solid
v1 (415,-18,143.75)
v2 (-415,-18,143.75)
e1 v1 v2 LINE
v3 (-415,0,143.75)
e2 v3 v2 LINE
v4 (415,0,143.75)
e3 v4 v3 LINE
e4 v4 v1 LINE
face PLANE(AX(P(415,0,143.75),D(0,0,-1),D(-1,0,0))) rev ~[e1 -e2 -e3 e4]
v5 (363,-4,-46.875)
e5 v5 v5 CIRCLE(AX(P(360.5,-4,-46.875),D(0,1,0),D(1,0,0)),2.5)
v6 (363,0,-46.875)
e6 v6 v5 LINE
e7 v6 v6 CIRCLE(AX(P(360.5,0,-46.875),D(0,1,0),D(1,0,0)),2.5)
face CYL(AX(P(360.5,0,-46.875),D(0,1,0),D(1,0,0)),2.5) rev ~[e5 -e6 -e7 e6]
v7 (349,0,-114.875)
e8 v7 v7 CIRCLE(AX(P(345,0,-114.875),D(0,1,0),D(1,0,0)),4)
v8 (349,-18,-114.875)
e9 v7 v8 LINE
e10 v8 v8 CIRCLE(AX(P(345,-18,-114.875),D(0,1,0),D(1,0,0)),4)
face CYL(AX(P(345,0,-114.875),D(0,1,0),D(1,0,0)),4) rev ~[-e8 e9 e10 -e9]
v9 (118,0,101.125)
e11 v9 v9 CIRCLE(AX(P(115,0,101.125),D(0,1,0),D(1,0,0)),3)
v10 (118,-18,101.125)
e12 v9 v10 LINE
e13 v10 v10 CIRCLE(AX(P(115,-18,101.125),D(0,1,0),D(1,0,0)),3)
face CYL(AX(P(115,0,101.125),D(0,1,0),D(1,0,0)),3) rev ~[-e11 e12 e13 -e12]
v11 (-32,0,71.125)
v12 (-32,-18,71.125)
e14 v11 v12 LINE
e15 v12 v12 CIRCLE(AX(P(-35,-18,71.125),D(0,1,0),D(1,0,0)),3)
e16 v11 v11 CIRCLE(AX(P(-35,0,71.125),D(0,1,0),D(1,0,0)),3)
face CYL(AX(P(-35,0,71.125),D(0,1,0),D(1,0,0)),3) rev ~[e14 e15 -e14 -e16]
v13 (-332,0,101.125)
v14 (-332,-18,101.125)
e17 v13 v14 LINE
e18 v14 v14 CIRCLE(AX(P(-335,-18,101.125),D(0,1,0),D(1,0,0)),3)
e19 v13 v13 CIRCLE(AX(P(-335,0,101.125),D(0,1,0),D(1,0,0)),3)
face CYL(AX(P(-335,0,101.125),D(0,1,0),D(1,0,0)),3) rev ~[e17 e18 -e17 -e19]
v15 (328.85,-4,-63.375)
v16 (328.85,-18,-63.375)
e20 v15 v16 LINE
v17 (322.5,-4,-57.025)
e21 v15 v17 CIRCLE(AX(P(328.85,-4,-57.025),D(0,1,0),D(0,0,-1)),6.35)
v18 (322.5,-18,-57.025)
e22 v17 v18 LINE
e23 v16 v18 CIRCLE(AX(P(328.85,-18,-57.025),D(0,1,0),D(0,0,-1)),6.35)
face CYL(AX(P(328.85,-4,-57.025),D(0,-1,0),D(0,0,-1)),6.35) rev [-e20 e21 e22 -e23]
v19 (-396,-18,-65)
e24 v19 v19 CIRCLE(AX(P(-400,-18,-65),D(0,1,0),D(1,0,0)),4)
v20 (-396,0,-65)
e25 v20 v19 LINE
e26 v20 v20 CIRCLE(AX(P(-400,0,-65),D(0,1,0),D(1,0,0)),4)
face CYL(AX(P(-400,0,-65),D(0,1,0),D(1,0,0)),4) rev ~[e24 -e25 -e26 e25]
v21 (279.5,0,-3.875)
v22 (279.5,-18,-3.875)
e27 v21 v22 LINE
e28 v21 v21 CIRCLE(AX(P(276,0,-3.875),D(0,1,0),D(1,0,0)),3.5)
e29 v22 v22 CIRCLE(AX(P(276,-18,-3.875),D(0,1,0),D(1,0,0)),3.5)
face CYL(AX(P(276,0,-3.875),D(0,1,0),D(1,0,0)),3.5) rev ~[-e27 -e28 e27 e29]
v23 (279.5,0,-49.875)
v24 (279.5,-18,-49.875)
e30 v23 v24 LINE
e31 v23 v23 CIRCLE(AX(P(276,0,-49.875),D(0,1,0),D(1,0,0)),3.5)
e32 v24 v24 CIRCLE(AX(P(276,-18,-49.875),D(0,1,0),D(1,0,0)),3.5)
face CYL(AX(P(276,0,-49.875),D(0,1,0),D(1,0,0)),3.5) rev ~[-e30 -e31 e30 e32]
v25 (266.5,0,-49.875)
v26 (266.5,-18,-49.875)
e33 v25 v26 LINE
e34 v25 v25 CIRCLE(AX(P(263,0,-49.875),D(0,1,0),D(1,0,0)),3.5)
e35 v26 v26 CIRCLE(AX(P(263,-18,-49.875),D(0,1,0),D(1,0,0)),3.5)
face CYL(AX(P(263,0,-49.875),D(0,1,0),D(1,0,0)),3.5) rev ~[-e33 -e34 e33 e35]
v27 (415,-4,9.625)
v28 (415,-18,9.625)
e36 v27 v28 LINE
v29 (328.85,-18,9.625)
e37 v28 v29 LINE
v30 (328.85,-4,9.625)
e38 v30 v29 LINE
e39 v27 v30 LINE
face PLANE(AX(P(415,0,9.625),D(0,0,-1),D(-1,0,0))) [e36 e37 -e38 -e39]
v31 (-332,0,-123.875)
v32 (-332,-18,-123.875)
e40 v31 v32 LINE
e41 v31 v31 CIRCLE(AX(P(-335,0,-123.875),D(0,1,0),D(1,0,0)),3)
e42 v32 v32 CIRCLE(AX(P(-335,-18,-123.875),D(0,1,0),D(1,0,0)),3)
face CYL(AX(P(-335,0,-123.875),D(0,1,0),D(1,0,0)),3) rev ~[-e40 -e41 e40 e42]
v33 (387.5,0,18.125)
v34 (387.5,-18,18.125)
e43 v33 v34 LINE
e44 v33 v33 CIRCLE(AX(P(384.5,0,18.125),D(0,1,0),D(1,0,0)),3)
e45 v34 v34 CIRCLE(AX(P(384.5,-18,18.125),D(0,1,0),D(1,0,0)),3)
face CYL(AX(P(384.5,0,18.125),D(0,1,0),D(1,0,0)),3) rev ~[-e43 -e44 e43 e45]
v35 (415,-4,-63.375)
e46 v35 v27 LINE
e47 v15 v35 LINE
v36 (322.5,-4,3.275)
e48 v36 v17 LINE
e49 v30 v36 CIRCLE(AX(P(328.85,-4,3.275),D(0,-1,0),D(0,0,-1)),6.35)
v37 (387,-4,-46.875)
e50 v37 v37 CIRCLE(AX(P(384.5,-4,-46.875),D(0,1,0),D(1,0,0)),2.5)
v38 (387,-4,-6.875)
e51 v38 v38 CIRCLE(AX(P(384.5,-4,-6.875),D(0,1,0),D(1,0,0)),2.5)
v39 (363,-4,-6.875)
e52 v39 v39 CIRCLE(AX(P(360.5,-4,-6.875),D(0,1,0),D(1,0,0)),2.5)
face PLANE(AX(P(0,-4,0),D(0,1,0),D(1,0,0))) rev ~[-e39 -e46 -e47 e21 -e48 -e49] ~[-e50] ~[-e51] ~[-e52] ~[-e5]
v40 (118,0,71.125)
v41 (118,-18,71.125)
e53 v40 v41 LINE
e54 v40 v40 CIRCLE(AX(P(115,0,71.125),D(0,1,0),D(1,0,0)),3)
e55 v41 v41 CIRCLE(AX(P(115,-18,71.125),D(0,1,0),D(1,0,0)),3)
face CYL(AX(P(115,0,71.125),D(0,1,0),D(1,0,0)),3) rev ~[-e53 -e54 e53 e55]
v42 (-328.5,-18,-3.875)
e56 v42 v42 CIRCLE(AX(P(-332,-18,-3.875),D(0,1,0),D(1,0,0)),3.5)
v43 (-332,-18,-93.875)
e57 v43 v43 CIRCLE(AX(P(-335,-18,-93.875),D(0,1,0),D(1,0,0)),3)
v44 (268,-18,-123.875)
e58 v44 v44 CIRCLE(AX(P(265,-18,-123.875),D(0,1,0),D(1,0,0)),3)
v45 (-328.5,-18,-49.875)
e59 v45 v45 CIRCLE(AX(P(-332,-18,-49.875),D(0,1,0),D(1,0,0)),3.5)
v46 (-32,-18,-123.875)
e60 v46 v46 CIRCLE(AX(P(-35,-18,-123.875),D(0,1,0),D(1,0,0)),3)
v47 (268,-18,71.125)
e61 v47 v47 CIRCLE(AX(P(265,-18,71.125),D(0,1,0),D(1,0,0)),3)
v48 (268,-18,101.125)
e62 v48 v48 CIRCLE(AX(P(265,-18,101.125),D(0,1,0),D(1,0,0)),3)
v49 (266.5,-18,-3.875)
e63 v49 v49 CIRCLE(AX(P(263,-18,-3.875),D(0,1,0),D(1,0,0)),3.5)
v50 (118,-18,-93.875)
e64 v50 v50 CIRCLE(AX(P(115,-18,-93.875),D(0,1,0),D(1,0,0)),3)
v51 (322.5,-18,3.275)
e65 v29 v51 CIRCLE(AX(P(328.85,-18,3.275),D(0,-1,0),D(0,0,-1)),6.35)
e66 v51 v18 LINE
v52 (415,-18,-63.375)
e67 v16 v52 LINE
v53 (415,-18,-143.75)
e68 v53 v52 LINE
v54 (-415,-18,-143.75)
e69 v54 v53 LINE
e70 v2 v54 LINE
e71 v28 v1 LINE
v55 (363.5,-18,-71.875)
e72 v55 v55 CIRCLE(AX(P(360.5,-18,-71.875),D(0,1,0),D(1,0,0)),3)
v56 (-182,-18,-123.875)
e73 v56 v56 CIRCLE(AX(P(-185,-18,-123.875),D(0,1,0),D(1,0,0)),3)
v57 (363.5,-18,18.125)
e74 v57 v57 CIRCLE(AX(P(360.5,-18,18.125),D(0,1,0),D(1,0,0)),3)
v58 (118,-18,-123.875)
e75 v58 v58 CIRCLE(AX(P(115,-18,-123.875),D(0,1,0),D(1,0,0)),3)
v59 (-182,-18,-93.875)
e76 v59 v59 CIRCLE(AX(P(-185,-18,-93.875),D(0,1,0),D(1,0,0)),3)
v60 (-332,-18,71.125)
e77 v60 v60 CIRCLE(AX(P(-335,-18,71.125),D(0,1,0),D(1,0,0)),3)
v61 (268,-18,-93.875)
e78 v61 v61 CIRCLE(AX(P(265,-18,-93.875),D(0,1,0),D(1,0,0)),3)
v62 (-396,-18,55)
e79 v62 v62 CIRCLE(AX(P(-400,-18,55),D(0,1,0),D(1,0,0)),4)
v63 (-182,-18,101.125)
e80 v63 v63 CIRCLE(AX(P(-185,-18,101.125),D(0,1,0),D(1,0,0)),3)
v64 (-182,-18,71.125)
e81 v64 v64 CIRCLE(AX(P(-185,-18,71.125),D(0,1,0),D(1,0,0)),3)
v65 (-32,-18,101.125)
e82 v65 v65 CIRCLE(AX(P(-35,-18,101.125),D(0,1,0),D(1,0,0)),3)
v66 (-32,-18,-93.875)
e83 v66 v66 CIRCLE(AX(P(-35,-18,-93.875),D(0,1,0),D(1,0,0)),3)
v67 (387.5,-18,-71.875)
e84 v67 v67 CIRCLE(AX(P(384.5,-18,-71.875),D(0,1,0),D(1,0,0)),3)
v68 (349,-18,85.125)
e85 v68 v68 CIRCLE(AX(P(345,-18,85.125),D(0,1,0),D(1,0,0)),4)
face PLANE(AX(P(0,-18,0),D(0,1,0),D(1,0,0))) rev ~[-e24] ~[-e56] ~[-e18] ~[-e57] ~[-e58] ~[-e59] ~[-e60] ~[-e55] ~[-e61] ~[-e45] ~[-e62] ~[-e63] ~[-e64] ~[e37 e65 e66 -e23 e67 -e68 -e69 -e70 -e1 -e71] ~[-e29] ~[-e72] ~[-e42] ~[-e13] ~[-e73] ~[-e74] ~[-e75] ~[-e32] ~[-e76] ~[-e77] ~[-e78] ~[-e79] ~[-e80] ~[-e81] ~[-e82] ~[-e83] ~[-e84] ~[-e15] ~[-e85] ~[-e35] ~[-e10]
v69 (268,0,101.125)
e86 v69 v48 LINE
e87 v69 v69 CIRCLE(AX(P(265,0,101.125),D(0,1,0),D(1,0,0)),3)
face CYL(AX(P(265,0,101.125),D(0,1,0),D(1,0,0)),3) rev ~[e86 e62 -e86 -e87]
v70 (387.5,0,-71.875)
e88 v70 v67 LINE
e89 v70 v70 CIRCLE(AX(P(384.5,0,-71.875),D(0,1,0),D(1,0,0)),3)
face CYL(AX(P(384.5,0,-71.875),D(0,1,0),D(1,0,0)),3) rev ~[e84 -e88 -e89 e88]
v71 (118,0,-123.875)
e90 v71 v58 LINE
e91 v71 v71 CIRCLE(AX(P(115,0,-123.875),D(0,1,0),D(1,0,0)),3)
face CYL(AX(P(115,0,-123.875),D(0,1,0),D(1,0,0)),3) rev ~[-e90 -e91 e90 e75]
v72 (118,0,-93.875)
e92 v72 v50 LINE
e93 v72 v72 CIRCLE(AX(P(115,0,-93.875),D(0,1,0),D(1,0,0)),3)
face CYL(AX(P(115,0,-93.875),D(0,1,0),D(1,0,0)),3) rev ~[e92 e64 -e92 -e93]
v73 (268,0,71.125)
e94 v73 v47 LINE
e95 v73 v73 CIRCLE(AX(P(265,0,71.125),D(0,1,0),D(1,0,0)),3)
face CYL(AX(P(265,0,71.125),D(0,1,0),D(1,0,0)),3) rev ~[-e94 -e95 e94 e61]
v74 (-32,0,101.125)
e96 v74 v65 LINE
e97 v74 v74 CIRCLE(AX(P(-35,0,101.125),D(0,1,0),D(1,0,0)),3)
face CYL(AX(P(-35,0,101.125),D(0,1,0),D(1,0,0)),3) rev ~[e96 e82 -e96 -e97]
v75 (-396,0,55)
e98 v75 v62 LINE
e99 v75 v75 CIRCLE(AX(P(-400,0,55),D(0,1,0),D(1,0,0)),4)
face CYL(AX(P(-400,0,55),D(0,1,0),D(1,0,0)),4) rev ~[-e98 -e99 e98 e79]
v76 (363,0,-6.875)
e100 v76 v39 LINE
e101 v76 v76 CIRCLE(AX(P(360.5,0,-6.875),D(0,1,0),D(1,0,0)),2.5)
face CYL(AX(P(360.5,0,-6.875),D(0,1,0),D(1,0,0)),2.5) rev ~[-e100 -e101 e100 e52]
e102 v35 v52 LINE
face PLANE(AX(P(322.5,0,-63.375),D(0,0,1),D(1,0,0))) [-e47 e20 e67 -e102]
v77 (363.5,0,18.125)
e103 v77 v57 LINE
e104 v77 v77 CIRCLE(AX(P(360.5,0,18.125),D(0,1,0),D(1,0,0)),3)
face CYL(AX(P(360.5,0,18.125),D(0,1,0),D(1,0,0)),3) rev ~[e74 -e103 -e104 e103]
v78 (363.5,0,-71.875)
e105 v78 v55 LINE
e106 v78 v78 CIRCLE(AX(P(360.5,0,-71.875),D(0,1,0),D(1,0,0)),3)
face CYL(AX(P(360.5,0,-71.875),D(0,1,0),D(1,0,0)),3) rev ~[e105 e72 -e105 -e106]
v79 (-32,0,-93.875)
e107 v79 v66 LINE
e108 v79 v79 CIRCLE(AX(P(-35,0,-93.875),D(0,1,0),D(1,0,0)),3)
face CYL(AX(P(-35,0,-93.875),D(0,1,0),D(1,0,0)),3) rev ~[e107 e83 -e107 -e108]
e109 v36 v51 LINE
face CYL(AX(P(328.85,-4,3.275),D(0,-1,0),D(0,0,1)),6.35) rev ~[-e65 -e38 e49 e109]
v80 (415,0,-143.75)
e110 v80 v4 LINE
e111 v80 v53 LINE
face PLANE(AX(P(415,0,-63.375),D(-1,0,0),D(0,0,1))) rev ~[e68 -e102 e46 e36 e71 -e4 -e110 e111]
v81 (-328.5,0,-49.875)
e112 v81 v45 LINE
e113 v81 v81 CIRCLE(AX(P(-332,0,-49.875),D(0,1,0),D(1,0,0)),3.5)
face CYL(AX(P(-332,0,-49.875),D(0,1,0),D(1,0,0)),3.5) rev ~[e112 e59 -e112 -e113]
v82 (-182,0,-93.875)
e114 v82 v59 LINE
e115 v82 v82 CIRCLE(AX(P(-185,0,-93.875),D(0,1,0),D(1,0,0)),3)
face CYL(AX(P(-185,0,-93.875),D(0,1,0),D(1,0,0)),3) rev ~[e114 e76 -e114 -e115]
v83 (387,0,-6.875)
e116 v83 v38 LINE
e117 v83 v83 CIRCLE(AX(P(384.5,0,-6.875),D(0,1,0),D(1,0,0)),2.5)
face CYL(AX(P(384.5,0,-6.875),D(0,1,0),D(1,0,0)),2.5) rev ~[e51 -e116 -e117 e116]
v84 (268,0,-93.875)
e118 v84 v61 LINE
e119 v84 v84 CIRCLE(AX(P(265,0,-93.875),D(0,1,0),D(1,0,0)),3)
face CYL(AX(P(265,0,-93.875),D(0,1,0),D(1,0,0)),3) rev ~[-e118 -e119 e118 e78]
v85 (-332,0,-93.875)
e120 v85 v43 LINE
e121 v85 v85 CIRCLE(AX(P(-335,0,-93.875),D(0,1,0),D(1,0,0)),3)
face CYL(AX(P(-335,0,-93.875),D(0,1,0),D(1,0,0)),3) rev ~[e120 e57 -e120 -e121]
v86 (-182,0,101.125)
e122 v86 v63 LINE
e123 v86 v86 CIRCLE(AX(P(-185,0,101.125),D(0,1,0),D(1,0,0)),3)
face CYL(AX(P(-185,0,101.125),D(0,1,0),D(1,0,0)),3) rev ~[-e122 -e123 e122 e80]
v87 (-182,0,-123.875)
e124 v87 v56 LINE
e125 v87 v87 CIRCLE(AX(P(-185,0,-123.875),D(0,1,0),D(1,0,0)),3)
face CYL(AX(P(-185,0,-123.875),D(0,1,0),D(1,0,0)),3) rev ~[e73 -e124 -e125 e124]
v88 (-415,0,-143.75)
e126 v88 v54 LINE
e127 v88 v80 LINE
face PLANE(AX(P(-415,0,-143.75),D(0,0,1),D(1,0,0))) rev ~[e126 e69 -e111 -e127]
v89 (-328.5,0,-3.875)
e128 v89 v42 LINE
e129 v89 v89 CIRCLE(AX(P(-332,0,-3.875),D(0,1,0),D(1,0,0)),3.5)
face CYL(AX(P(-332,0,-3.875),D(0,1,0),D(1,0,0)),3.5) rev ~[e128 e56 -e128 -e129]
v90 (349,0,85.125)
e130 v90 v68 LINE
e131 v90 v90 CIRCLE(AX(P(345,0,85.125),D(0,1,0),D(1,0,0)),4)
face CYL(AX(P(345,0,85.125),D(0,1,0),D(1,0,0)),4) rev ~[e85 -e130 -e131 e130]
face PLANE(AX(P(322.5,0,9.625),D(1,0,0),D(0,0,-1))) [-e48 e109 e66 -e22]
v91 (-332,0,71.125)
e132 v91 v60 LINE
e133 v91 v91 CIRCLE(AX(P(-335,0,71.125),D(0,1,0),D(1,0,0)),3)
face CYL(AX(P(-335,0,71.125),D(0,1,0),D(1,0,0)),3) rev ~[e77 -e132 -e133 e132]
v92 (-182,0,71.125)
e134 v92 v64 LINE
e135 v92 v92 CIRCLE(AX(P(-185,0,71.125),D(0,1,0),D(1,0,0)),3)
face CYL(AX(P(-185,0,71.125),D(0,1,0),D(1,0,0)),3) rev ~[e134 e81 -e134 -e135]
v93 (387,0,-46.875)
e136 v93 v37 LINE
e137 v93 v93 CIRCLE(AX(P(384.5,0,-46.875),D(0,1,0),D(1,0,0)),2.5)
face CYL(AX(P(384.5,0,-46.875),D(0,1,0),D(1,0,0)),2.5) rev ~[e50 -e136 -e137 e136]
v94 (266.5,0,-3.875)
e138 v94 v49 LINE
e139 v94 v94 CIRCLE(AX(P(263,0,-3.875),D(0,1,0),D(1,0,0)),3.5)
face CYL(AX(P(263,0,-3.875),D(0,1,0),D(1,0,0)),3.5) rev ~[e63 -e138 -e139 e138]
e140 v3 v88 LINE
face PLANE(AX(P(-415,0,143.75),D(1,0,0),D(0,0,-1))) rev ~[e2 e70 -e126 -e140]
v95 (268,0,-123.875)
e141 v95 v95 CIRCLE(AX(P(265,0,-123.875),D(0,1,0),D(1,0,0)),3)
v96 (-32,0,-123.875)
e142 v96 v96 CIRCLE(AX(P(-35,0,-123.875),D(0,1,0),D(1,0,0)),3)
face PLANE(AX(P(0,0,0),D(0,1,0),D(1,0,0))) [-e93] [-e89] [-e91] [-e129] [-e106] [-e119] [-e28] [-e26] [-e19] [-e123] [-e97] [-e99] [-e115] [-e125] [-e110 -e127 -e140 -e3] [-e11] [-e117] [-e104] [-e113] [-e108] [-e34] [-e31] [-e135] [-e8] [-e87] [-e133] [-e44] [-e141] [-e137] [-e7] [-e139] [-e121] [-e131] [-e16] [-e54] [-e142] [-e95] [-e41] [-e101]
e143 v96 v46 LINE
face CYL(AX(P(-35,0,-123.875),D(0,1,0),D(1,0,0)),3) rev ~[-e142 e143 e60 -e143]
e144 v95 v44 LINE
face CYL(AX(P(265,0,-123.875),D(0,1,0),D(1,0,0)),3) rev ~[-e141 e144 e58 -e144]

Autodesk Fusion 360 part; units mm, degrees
sketch "Front" plane through (0, 0, 0) normal (0, 1, 0) x (1, 0, 0)
  line L0 (415, -143.75) -> (-415, -143.75)
  line L1 (-415, -143.75) -> (-415, 143.75)
  line L2 (-415, 143.75) -> (415, 143.75)
  line L3 (415, 143.75) -> (415, -143.75)
  line L4 (415, -143.75) -> (-415, 143.75) construction
  line L5 (-415, -143.75) -> (415, 143.75) construction
  line L6 (-400, -101.125) -> (400, -101.125) construction
  line L7 (-400, -71.125) -> (400, -71.125) construction
  line L8 (-400, 93.875) -> (400, 93.875) construction
  line L9 (-400, 123.875) -> (400, 123.875) construction
  line L10 (-335, -110) -> (-335, 130) construction
  line L11 (-185, -110) -> (-185, 130) construction
  line L12 (-35, -110) -> (-35, 130) construction
  line L13 (115, -110) -> (115, 130) construction
  line L14 (265, -110) -> (265, 130) construction
  circle A0 centre (-335, -101.125) radius 3
  circle A1 centre (-335, -71.125) radius 3
  circle A2 centre (-335, 93.875) radius 3
  circle A3 centre (-335, 123.875) radius 3
  circle A4 centre (-185, 123.875) radius 3
  circle A5 centre (-185, 93.875) radius 3
  circle A6 centre (-185, -71.125) radius 3
  circle A7 centre (-185, -101.125) radius 3
  circle A8 centre (-35, -101.125) radius 3
  circle A9 centre (-35, -71.125) radius 3
  circle A10 centre (-35, 93.875) radius 3
  circle A11 centre (-35, 123.875) radius 3
  circle A12 centre (115, -101.125) radius 3
  circle A13 centre (115, -71.125) radius 3
  circle A14 centre (115, 93.875) radius 3
  circle A15 centre (115, 123.875) radius 3
  circle A16 centre (265, 123.875) radius 3
  circle A17 centre (265, 93.875) radius 3
  circle A18 centre (265, -71.125) radius 3
  circle A19 centre (265, -101.125) radius 3
  line L15 (-400, -120) -> (-400, 130) construction
  line L16 (345, -110) -> (345, 130) construction
  line L17 (-360, 49.875) -> (300, 49.875) construction
  line L18 (-360, 3.875) -> (300, 3.875) construction
  line L19 (-332, -10) -> (-332, 60) construction
  line L20 (263, -10) -> (263, 60) construction
  line L21 (276, -10) -> (276, 60) construction
  circle A20 centre (-332, 3.875) radius 3.5
  circle A21 centre (-332, 49.875) radius 3.5
  circle A22 centre (263, 3.875) radius 3.5
  circle A23 centre (276, 3.875) radius 3.5
  circle A24 centre (263, 49.875) radius 3.5
  circle A25 centre (276, 49.875) radius 3.5
  circle A26 centre (-400, -55) radius 4
  circle A27 centre (-400, 65) radius 4
  circle A28 centre (345, 114.875) radius 4
  circle A29 centre (345, -85.125) radius 4
  line L22 (415, -9.625) -> (322.5, -9.625)
  line L23 (322.5, -9.625) -> (322.5, 63.375)
  line L24 (322.5, 63.375) -> (415, 63.375)
  line L25 (415, 63.375) -> (415, -9.625)
  line L26 (384.5, -50) -> (384.5, 85) construction
  line L27 (360.5, -50) -> (360.5, 85) construction
  line L28 (355, -18.125) -> (390, -18.125) construction
  line L29 (350, 6.875) -> (390, 6.875) construction
  line L30 (350, 46.875) -> (390, 46.875) construction
  line L31 (350, 71.875) -> (390, 71.875) construction
  circle A30 centre (360.5, -18.125) radius 3
  circle A31 centre (384.5, -18.125) radius 3
  circle A32 centre (360.5, 71.875) radius 3
  circle A33 centre (384.5, 71.875) radius 3
  circle A34 centre (360.5, 46.875) radius 2.5
  circle A35 centre (384.5, 46.875) radius 2.5
  circle A36 centre (360.5, 6.875) radius 2.5
  circle A37 centre (384.5, 6.875) radius 2.5
  dimension "d1" = 830
  dimension "d2" = 287.5
  dimension "d3" = 30
  dimension "d4" = 30
  dimension "d5" = 165
  dimension "d6" = 19.875
  dimension "d7" = 150
  dimension "d8" = 150
  dimension "d9" = 150
  dimension "d10" = 150
  dimension "d11" = 80
  dimension "d12" = 6
  dimension "d13" = 6
  dimension "d14" = 6
  dimension "d15" = 6
  dimension "d16" = 6
  dimension "d17" = 6
  dimension "d18" = 6
  dimension "d19" = 6
  dimension "d20" = 6
  dimension "d21" = 6
  dimension "d22" = 6
  dimension "d23" = 6
  dimension "d24" = 6
  dimension "d25" = 6
  dimension "d26" = 6
  dimension "d27" = 6
  dimension "d28" = 6
  dimension "d29" = 6
  dimension "d30" = 6
  dimension "d31" = 6
  dimension "d32" = 15
  dimension "d33" = 70
  dimension "d34" = 46
  dimension "d36" = 75
  dimension "d37" = 83
  dimension "d38" = 13
  dimension "d39" = 595
  dimension "d40" = 7
  dimension "d41" = 7
  dimension "d42" = 7
  dimension "d43" = 7
  dimension "d44" = 7
  dimension "d45" = 7
  dimension "d46" = 8
  dimension "d47" = 8
  dimension "d48" = 120
  dimension "d49" = 78.75
  dimension "d50" = 8
  dimension "d51" = 8
  dimension "d52" = 200
  dimension "d54" = 16
  dimension "d55" = 745
  dimension "d56" = 92.5
  dimension "d57" = 73
  dimension "d58" = 13.5
  dimension "d59" = 24
  dimension "d60" = 30.5
  dimension "d61" = 25
  dimension "d62" = 25
  dimension "d63" = 40
  dimension "d64" = 16.5
  dimension "d65" = 6
  dimension "d66" = 6
  dimension "d67" = 6
  dimension "d68" = 6
  dimension "d69" = 5
  dimension "d70" = 5
  dimension "d71" = 5
  dimension "d72" = 5
extrude "Extrude1" add sketch "Front" against normal blind 4 contours L3 L22 L23 L24 L25
extrude "Extrude2" add sketch "Front" against normal blind 18 contours L0 L1 L2 L3 L22 L23 L24
fillet "Fillet1" radius 6.35 2 edges at (322.5, -11, -63.375) (322.5, -11, 9.625)
